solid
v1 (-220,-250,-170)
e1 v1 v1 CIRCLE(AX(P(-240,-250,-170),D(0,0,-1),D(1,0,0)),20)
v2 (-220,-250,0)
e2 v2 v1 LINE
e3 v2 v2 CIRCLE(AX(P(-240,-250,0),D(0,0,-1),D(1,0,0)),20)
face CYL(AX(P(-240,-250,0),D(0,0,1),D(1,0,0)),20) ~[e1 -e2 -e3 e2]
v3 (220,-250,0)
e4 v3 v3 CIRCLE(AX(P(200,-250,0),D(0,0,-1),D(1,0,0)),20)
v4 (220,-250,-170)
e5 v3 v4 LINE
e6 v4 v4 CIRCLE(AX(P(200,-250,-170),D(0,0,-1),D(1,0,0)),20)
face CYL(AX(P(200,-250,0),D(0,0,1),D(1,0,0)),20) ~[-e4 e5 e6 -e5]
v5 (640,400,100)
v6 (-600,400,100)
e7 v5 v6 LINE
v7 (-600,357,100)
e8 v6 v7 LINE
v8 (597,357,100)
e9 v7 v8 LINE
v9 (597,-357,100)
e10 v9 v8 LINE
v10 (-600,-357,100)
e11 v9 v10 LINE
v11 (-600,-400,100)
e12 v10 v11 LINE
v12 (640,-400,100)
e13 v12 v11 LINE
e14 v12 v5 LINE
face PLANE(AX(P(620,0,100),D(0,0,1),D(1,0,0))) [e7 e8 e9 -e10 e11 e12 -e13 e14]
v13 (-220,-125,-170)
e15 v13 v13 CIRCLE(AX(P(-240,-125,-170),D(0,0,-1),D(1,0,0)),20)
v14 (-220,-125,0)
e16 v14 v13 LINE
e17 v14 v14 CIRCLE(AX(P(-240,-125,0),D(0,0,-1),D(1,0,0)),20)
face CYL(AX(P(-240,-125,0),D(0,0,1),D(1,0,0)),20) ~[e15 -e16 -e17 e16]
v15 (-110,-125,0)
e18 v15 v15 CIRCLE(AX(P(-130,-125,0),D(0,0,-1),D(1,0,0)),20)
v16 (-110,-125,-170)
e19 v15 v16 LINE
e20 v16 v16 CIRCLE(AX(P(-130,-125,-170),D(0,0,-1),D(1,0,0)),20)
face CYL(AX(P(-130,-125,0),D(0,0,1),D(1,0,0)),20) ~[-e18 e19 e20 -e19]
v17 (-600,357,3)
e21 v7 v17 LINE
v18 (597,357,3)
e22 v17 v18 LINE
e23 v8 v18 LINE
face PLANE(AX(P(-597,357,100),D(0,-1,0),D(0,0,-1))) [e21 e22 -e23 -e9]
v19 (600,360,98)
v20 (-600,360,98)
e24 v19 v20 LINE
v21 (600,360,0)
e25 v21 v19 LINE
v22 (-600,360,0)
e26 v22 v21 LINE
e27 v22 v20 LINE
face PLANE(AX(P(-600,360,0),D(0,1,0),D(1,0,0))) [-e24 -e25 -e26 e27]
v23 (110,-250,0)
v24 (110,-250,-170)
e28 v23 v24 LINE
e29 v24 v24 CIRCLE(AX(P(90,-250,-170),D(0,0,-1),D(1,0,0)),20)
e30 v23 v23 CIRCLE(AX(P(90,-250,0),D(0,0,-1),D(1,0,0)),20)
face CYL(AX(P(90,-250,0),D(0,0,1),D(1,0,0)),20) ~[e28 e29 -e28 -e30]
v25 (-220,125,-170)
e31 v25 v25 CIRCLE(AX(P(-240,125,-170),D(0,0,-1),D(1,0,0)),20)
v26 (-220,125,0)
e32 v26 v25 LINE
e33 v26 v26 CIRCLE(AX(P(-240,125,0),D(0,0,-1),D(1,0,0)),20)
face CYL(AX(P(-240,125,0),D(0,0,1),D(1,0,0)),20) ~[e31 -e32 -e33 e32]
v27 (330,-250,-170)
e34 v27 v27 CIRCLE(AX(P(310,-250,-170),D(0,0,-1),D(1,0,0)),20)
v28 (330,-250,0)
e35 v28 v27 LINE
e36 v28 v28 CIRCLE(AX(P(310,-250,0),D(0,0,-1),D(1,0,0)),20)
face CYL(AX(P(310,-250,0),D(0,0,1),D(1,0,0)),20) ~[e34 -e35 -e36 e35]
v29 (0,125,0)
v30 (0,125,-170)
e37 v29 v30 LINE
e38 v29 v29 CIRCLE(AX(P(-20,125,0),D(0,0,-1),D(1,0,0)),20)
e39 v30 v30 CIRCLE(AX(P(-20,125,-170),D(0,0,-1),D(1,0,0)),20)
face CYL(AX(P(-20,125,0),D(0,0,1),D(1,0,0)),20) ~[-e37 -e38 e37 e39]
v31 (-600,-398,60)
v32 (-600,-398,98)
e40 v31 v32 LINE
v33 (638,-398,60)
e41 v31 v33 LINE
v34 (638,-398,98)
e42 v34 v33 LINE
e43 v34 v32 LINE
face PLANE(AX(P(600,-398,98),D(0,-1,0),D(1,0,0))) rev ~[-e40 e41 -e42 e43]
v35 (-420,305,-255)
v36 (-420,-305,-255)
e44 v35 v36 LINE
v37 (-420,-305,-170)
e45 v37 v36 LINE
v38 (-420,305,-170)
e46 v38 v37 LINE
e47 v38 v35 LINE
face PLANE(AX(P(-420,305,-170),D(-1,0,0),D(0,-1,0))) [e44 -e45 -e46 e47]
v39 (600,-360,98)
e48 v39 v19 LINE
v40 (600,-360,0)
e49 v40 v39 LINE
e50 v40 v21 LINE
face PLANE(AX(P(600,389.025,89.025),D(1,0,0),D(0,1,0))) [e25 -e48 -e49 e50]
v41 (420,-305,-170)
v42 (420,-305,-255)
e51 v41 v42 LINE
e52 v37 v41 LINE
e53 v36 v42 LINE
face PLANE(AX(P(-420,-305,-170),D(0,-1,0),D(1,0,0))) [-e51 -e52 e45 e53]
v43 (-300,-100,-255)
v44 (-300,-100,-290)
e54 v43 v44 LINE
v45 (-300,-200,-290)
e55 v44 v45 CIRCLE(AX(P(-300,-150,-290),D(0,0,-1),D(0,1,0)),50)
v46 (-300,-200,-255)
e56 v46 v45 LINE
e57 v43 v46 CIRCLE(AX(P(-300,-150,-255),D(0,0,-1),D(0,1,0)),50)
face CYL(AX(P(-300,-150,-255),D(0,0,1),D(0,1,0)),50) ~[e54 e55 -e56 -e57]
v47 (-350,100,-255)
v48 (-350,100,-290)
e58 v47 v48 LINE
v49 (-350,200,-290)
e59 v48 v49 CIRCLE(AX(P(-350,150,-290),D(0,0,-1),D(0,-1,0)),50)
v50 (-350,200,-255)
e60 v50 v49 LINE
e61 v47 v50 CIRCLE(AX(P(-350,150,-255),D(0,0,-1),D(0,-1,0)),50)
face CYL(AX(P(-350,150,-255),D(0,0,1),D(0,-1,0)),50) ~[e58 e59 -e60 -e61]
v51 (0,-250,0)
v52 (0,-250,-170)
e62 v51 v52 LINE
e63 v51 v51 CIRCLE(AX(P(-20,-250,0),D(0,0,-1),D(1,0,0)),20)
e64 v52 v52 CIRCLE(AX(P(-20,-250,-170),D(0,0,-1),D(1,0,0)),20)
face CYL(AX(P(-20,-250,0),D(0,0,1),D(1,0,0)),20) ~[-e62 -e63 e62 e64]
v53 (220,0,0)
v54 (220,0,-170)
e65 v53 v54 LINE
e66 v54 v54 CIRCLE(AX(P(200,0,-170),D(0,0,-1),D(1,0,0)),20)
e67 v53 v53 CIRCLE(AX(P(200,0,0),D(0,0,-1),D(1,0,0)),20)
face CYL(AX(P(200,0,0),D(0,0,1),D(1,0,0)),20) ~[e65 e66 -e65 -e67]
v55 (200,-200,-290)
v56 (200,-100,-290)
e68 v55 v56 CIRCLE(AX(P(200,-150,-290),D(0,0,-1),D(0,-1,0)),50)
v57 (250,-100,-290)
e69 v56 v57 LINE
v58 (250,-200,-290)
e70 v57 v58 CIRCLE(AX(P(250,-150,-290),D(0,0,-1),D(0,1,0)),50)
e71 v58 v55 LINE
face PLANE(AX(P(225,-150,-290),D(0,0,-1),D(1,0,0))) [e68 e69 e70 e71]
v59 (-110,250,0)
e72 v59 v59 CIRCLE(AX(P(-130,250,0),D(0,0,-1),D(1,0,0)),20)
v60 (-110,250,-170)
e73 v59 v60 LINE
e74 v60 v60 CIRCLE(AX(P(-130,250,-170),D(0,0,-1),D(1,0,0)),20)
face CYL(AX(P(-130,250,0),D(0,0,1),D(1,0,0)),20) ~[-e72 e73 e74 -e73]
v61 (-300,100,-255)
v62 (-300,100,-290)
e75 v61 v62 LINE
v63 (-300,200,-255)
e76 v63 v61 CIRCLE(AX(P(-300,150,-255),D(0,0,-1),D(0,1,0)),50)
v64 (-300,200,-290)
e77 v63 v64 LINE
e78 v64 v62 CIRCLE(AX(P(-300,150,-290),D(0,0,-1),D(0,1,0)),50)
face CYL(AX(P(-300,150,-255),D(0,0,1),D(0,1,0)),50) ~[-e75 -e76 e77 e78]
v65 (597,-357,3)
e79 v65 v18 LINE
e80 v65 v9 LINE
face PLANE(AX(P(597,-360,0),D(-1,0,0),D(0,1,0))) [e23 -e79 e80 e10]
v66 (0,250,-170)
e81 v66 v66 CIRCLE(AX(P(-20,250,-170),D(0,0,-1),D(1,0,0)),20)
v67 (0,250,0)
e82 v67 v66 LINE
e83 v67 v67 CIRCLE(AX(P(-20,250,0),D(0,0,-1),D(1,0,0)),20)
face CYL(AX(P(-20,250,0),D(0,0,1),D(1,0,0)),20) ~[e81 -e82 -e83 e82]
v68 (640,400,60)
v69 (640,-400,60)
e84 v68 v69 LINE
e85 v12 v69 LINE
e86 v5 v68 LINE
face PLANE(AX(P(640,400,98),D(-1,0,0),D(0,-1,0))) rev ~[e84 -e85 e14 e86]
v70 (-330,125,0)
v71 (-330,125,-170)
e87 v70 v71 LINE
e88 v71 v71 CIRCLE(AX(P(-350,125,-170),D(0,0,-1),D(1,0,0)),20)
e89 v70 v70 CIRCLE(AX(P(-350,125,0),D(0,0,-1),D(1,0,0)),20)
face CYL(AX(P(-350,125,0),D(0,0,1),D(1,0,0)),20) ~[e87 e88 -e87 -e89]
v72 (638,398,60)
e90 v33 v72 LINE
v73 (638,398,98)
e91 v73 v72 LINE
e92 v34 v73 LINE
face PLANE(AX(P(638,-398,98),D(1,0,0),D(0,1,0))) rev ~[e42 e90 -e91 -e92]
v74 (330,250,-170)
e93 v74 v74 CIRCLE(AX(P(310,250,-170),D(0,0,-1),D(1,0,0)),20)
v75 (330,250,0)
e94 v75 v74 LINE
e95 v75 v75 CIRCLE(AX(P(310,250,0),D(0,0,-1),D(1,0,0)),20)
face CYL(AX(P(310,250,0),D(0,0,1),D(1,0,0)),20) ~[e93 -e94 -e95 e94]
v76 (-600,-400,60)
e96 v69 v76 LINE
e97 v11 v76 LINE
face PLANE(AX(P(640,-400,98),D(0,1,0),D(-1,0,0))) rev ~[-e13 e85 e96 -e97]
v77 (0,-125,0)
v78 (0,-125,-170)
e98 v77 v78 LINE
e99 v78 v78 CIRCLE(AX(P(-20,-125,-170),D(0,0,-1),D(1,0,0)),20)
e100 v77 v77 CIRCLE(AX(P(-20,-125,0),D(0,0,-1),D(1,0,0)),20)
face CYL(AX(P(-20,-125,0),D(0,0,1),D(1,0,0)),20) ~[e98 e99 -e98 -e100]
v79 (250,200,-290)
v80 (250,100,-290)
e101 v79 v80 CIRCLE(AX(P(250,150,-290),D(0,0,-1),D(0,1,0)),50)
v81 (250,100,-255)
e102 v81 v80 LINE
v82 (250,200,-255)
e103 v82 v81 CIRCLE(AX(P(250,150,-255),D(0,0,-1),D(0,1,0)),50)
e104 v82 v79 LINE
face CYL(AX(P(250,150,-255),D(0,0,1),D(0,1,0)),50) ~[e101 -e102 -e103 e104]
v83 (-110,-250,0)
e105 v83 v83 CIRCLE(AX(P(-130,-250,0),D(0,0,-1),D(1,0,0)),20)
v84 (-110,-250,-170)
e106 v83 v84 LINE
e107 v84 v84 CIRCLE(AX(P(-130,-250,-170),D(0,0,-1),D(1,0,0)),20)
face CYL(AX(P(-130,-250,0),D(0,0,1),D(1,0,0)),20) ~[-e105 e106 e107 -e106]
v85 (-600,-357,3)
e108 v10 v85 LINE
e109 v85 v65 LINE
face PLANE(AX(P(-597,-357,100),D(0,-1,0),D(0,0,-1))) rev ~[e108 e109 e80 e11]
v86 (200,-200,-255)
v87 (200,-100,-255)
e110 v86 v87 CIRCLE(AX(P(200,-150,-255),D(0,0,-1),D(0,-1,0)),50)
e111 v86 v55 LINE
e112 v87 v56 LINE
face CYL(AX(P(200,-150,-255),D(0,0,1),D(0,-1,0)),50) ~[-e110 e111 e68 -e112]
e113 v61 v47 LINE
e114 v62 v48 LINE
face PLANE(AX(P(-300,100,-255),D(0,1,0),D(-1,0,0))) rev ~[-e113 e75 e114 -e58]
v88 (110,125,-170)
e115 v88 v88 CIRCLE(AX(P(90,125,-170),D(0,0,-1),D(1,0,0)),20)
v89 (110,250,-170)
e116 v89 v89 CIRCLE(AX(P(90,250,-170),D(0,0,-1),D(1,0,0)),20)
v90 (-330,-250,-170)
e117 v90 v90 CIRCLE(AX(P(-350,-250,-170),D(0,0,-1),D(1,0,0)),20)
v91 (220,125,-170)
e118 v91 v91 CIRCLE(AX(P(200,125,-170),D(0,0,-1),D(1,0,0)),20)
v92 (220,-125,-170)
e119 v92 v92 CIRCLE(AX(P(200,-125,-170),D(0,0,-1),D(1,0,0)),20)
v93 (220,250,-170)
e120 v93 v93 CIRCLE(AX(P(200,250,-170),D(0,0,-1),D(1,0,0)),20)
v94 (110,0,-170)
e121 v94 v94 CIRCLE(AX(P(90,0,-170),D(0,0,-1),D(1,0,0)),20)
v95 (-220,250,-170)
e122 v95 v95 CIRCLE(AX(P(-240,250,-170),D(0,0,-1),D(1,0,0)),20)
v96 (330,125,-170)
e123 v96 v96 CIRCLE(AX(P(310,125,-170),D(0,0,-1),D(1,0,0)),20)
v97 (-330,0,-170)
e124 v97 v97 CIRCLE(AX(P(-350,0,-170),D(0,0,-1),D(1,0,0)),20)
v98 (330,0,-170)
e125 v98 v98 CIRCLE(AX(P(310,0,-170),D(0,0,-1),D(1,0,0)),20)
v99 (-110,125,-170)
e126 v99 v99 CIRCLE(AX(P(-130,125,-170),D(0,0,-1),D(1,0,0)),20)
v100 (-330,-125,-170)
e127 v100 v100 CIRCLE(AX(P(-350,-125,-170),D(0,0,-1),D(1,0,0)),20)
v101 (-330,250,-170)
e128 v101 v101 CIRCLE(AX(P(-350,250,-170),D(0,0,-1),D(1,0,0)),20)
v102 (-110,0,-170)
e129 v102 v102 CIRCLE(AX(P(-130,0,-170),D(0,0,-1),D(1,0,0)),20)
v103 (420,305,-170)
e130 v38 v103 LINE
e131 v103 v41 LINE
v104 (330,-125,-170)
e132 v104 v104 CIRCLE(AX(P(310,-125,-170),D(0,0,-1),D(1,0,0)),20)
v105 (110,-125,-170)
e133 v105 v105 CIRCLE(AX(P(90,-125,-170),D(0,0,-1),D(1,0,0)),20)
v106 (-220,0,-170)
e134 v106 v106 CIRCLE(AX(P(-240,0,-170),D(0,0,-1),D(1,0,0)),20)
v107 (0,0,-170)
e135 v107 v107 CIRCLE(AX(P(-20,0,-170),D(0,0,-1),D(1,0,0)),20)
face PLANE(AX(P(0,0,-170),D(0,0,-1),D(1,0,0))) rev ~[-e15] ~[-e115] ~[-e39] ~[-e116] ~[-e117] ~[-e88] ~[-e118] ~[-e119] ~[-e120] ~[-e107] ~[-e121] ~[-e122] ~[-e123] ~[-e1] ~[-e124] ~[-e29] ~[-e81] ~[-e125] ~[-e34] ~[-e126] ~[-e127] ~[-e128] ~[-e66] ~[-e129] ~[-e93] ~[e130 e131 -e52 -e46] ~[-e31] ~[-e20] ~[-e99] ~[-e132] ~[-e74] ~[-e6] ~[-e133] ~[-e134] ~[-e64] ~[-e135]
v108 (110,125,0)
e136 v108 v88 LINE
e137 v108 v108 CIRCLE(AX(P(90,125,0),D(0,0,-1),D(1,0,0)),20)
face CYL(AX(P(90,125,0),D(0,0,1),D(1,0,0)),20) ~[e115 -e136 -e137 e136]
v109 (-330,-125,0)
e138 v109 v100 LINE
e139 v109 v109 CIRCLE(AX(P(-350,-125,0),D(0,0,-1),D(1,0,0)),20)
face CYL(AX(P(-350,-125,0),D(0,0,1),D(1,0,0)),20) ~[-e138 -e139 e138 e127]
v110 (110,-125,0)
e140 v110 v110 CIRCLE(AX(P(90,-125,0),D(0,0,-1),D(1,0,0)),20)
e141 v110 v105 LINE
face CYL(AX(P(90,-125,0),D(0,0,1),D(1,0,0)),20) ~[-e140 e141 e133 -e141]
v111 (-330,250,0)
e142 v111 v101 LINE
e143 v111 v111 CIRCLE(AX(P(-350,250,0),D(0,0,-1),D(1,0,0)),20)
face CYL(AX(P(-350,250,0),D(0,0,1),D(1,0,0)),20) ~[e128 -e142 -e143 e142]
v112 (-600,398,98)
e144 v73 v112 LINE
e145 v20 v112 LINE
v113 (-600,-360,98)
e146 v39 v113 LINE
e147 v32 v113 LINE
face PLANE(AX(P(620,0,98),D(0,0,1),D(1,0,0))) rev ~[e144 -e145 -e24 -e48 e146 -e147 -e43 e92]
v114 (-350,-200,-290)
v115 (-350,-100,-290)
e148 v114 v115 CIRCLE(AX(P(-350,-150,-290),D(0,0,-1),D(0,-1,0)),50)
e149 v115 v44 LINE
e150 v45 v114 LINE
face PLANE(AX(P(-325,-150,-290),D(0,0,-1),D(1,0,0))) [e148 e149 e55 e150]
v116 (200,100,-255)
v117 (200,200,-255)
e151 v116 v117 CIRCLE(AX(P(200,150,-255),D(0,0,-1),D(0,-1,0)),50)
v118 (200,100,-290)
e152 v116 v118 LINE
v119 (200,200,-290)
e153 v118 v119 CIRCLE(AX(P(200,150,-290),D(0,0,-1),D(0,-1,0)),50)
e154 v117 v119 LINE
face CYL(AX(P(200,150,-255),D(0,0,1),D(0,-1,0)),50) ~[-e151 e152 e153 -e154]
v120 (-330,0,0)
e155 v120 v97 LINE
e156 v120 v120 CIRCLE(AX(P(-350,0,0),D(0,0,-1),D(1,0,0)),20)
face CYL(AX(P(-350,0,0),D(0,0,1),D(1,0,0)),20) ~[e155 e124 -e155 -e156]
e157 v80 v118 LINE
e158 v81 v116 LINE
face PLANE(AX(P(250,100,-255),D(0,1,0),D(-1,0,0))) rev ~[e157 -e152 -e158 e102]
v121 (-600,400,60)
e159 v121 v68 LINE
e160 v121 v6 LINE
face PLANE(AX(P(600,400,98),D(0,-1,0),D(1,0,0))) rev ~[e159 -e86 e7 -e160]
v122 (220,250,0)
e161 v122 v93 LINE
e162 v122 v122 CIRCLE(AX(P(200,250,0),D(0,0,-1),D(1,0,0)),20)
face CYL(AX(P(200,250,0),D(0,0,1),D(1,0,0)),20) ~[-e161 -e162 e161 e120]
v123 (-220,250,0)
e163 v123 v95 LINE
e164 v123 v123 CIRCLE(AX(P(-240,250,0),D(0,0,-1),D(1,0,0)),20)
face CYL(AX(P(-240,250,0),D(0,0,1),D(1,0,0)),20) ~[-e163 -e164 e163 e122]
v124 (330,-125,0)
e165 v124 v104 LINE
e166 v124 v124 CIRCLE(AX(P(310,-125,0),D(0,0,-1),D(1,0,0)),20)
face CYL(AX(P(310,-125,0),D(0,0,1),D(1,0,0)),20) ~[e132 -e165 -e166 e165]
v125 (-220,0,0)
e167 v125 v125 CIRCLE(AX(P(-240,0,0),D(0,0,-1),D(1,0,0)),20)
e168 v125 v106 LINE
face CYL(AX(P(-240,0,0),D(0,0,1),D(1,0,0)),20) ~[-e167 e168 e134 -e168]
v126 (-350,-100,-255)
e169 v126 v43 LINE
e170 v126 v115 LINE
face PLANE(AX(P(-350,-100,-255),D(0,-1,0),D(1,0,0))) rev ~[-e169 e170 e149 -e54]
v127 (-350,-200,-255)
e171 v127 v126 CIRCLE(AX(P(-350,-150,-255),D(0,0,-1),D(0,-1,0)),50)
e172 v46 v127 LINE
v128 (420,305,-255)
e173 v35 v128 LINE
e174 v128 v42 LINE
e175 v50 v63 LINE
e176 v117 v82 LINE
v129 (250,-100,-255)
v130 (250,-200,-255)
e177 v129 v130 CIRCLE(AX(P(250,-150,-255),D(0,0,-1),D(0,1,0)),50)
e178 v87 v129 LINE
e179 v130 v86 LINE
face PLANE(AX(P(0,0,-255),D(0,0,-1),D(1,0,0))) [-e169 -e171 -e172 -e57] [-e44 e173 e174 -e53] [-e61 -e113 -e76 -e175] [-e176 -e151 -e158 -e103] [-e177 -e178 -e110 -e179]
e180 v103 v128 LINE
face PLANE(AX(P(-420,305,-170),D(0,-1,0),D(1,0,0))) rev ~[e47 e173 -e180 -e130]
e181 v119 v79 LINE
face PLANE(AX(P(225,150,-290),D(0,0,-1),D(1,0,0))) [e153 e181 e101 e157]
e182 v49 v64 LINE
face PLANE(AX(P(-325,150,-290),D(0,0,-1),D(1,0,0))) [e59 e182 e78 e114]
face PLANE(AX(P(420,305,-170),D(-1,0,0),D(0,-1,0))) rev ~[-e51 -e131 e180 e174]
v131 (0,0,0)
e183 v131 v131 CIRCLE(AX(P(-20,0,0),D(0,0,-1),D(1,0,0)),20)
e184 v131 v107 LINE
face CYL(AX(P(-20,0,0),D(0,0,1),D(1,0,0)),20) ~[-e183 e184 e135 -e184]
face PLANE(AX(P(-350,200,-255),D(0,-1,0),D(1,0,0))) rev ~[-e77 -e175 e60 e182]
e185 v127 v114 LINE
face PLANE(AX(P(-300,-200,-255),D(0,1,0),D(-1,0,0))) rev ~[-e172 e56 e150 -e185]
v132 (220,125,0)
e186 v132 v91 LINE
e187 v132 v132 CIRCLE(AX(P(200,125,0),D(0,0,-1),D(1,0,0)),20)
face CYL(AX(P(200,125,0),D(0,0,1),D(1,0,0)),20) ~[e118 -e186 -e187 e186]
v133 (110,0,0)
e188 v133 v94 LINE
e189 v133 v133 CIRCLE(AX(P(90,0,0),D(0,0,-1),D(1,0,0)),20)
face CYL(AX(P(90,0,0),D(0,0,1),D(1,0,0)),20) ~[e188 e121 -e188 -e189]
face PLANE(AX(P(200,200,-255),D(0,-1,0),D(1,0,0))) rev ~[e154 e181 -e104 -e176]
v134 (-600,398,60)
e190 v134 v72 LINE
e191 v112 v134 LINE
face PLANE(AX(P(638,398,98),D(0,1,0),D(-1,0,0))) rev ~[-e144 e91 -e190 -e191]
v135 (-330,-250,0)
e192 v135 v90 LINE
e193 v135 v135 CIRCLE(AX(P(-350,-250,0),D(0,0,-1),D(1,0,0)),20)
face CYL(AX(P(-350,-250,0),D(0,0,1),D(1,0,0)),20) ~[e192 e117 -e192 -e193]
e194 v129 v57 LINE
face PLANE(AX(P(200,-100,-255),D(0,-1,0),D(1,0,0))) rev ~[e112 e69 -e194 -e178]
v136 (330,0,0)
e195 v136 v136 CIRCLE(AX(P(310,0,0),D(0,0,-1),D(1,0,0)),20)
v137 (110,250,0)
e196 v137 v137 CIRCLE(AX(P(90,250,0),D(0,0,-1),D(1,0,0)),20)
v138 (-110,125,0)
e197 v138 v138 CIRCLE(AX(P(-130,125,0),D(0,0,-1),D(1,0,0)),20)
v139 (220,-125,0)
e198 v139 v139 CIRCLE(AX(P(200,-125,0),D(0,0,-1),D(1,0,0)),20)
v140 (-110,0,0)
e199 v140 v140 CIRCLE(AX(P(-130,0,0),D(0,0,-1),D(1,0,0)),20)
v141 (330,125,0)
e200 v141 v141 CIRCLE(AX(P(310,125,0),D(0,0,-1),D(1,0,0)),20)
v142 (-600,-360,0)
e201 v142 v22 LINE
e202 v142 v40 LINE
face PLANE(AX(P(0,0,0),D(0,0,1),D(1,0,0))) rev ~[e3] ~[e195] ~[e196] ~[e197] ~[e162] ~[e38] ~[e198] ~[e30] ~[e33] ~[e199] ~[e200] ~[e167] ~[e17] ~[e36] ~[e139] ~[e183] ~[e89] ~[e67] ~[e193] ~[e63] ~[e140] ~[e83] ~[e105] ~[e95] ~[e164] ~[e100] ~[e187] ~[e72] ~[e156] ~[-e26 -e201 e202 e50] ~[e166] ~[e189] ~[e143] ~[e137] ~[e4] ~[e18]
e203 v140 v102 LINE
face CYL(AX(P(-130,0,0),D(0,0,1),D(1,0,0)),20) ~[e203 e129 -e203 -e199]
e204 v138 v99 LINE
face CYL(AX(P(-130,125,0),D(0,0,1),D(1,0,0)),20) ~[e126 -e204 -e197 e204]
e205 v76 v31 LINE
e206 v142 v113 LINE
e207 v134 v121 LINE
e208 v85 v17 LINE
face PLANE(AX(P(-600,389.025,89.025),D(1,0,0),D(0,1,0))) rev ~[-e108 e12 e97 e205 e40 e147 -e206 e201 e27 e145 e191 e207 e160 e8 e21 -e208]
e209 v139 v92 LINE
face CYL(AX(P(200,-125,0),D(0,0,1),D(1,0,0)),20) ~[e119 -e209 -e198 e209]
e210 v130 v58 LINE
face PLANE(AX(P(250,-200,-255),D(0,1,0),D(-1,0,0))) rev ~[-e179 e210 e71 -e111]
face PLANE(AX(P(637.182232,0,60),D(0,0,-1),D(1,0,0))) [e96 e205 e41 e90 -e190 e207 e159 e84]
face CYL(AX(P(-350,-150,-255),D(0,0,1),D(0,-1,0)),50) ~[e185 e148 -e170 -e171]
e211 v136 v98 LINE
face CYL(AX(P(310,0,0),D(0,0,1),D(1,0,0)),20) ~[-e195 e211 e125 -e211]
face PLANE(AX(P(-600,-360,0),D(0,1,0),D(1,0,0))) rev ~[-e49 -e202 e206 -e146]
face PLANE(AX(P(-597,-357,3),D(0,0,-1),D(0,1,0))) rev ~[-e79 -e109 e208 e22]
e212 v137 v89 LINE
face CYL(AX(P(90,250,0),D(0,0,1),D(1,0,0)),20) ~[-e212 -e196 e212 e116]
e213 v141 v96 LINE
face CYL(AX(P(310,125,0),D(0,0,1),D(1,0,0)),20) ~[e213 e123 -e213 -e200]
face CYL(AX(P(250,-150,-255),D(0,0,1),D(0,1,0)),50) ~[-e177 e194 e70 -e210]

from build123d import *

# Parameters (mm, degrees)
F0_W      = 1200
F0_H      = 720
F1_DEPTH  = 100
F2_T      = -3
F3_DEPTH  = 3
F4_R      = 20
F5_DEPTH  = 170
F6_W      = 840
F6_H      = 610
F7_DEPTH  = 85
F9_DEPTH  = 35
F11_DEPTH = 1200
F12_W     = 40
F12_H     = 800
F13_DEPTH = 2
F15_DEPTH = 38


with BuildPart() as f1:
    # F0 (on Top) → F1 (new body)
    with BuildSketch(Plane.XY):
        Rectangle(F0_W, F0_H)
    extrude(amount=F1_DEPTH)

    # F2
    f2_openings = [f1.faces().sort_by_distance(p)[0] for p in [
        (0, 0, 100),
    ]]
    offset(amount=F2_T, openings=f2_openings)

    # F3 (cut, through all): a face of the model
    f3_faces = [f1.faces().sort_by_distance(p)[0] for p in [
        (-597, 0, 51.5),
    ]]
    extrude(f3_faces, amount=-F3_DEPTH, mode=Mode.SUBTRACT)

    # F4 (on face) → F5 (join)
    with BuildSketch(Plane(origin=(0, 0, 0), x_dir=(1, 0, 0), z_dir=(0, 0, -1))):
        with Locations((-350, 250)):
            Circle(F4_R)
        with Locations((-350, 125)):
            Circle(F4_R)
        with Locations((-350, 0)):
            Circle(F4_R)
        with Locations((-350, -125)):
            Circle(F4_R)
        with Locations((-240, 250)):
            Circle(F4_R)
        with Locations((-240, 125)):
            Circle(F4_R)
        with Locations((-240, 0)):
            Circle(F4_R)
        with Locations((-240, -125)):
            Circle(F4_R)
        with Locations((-130, 250)):
            Circle(F4_R)
        with Locations((-130, 125)):
            Circle(F4_R)
        with Locations((-130, 0)):
            Circle(F4_R)
        with Locations((-130, -125)):
            Circle(F4_R)
        with Locations((-20, 250)):
            Circle(F4_R)
        with Locations((-20, 125)):
            Circle(F4_R)
        with Locations((-20, 0)):
            Circle(F4_R)
        with Locations((-20, -125)):
            Circle(F4_R)
        with Locations((90, 250)):
            Circle(F4_R)
        with Locations((90, 125)):
            Circle(F4_R)
        with Locations((90, 0)):
            Circle(F4_R)
        with Locations((90, -125)):
            Circle(F4_R)
        with Locations((200, 250)):
            Circle(F4_R)
        with Locations((200, 125)):
            Circle(F4_R)
        with Locations((200, 0)):
            Circle(F4_R)
        with Locations((200, -125)):
            Circle(F4_R)
        with Locations((310, 250)):
            Circle(F4_R)
        with Locations((310, 125)):
            Circle(F4_R)
        with Locations((310, 0)):
            Circle(F4_R)
        with Locations((310, -125)):
            Circle(F4_R)
        with Locations((-350, -250)):
            Circle(F4_R)
        with Locations((-240, -250)):
            Circle(F4_R)
        with Locations((-130, -250)):
            Circle(F4_R)
        with Locations((-20, -250)):
            Circle(F4_R)
        with Locations((90, -250)):
            Circle(F4_R)
        with Locations((200, -250)):
            Circle(F4_R)
        with Locations((310, -250)):
            Circle(F4_R)
    extrude(amount=F5_DEPTH)

    # F6 (on face) → F7 (join)
    with BuildSketch(Plane(origin=(0, 0, -170), x_dir=(1, 0, 0), z_dir=(0, 0, -1))):
        Rectangle(F6_W, F6_H)
    extrude(amount=F7_DEPTH)

    # F8 (on face) → F9 (join)
    with BuildSketch(Plane(origin=(0, 0, -255), x_dir=(1, 0, 0), z_dir=(0, 0, -1))):
        with BuildLine():
            Line((-300, 200), (-350, 200))
            ThreePointArc((-350, 200), (-400, 150), (-350, 100))
            Line((-350, 100), (-300, 100))
            ThreePointArc((-300, 100), (-250, 150), (-300, 200))
        make_face()
        with BuildLine():
            Line((250, 200), (200, 200))
            ThreePointArc((200, 200), (150, 150), (200, 100))
            Line((200, 100), (250, 100))
            ThreePointArc((250, 100), (300, 150), (250, 200))
        make_face()
        with BuildLine():
            Line((-300, -100), (-350, -100))
            ThreePointArc((-350, -100), (-400, -150), (-350, -200))
            Line((-350, -200), (-300, -200))
            ThreePointArc((-300, -200), (-250, -150), (-300, -100))
        make_face()
        with BuildLine():
            Line((250, -100), (200, -100))
            ThreePointArc((200, -100), (150, -150), (200, -200))
            Line((200, -200), (250, -200))
            ThreePointArc((250, -200), (300, -150), (250, -100))
        make_face()
    extrude(amount=F9_DEPTH)

    # F10 (on face) → F11 (join)
    with BuildSketch(Plane.YZ.offset(600)):
        Polygon((400, 100), (360, 100), (360, 98), (398, 98), (398, 60), (400, 60), align=None)
        Polygon((-360, 98), (-360, 100), (-400, 100), (-400, 60), (-398, 60), (-398, 98), align=None)
    extrude(amount=-F11_DEPTH)

    # F12 (on face) → F13 (join)
    with BuildSketch(Plane.XY.offset(100)):
        with Locations((620, 0)):
            Rectangle(F12_W, F12_H)
    extrude(amount=-F13_DEPTH)

    # F14 (on face) → F15 (join)
    with BuildSketch(Plane(origin=(0, 0, 98), x_dir=(1, 0, 0), z_dir=(0, 0, -1))):
        Polygon((638, -398), (600, -398), (600, -400), (640, -400), (640, 400), (600, 400), (600, 398), (638, 398), align=None)
    extrude(amount=F15_DEPTH)


solid = f1.part
